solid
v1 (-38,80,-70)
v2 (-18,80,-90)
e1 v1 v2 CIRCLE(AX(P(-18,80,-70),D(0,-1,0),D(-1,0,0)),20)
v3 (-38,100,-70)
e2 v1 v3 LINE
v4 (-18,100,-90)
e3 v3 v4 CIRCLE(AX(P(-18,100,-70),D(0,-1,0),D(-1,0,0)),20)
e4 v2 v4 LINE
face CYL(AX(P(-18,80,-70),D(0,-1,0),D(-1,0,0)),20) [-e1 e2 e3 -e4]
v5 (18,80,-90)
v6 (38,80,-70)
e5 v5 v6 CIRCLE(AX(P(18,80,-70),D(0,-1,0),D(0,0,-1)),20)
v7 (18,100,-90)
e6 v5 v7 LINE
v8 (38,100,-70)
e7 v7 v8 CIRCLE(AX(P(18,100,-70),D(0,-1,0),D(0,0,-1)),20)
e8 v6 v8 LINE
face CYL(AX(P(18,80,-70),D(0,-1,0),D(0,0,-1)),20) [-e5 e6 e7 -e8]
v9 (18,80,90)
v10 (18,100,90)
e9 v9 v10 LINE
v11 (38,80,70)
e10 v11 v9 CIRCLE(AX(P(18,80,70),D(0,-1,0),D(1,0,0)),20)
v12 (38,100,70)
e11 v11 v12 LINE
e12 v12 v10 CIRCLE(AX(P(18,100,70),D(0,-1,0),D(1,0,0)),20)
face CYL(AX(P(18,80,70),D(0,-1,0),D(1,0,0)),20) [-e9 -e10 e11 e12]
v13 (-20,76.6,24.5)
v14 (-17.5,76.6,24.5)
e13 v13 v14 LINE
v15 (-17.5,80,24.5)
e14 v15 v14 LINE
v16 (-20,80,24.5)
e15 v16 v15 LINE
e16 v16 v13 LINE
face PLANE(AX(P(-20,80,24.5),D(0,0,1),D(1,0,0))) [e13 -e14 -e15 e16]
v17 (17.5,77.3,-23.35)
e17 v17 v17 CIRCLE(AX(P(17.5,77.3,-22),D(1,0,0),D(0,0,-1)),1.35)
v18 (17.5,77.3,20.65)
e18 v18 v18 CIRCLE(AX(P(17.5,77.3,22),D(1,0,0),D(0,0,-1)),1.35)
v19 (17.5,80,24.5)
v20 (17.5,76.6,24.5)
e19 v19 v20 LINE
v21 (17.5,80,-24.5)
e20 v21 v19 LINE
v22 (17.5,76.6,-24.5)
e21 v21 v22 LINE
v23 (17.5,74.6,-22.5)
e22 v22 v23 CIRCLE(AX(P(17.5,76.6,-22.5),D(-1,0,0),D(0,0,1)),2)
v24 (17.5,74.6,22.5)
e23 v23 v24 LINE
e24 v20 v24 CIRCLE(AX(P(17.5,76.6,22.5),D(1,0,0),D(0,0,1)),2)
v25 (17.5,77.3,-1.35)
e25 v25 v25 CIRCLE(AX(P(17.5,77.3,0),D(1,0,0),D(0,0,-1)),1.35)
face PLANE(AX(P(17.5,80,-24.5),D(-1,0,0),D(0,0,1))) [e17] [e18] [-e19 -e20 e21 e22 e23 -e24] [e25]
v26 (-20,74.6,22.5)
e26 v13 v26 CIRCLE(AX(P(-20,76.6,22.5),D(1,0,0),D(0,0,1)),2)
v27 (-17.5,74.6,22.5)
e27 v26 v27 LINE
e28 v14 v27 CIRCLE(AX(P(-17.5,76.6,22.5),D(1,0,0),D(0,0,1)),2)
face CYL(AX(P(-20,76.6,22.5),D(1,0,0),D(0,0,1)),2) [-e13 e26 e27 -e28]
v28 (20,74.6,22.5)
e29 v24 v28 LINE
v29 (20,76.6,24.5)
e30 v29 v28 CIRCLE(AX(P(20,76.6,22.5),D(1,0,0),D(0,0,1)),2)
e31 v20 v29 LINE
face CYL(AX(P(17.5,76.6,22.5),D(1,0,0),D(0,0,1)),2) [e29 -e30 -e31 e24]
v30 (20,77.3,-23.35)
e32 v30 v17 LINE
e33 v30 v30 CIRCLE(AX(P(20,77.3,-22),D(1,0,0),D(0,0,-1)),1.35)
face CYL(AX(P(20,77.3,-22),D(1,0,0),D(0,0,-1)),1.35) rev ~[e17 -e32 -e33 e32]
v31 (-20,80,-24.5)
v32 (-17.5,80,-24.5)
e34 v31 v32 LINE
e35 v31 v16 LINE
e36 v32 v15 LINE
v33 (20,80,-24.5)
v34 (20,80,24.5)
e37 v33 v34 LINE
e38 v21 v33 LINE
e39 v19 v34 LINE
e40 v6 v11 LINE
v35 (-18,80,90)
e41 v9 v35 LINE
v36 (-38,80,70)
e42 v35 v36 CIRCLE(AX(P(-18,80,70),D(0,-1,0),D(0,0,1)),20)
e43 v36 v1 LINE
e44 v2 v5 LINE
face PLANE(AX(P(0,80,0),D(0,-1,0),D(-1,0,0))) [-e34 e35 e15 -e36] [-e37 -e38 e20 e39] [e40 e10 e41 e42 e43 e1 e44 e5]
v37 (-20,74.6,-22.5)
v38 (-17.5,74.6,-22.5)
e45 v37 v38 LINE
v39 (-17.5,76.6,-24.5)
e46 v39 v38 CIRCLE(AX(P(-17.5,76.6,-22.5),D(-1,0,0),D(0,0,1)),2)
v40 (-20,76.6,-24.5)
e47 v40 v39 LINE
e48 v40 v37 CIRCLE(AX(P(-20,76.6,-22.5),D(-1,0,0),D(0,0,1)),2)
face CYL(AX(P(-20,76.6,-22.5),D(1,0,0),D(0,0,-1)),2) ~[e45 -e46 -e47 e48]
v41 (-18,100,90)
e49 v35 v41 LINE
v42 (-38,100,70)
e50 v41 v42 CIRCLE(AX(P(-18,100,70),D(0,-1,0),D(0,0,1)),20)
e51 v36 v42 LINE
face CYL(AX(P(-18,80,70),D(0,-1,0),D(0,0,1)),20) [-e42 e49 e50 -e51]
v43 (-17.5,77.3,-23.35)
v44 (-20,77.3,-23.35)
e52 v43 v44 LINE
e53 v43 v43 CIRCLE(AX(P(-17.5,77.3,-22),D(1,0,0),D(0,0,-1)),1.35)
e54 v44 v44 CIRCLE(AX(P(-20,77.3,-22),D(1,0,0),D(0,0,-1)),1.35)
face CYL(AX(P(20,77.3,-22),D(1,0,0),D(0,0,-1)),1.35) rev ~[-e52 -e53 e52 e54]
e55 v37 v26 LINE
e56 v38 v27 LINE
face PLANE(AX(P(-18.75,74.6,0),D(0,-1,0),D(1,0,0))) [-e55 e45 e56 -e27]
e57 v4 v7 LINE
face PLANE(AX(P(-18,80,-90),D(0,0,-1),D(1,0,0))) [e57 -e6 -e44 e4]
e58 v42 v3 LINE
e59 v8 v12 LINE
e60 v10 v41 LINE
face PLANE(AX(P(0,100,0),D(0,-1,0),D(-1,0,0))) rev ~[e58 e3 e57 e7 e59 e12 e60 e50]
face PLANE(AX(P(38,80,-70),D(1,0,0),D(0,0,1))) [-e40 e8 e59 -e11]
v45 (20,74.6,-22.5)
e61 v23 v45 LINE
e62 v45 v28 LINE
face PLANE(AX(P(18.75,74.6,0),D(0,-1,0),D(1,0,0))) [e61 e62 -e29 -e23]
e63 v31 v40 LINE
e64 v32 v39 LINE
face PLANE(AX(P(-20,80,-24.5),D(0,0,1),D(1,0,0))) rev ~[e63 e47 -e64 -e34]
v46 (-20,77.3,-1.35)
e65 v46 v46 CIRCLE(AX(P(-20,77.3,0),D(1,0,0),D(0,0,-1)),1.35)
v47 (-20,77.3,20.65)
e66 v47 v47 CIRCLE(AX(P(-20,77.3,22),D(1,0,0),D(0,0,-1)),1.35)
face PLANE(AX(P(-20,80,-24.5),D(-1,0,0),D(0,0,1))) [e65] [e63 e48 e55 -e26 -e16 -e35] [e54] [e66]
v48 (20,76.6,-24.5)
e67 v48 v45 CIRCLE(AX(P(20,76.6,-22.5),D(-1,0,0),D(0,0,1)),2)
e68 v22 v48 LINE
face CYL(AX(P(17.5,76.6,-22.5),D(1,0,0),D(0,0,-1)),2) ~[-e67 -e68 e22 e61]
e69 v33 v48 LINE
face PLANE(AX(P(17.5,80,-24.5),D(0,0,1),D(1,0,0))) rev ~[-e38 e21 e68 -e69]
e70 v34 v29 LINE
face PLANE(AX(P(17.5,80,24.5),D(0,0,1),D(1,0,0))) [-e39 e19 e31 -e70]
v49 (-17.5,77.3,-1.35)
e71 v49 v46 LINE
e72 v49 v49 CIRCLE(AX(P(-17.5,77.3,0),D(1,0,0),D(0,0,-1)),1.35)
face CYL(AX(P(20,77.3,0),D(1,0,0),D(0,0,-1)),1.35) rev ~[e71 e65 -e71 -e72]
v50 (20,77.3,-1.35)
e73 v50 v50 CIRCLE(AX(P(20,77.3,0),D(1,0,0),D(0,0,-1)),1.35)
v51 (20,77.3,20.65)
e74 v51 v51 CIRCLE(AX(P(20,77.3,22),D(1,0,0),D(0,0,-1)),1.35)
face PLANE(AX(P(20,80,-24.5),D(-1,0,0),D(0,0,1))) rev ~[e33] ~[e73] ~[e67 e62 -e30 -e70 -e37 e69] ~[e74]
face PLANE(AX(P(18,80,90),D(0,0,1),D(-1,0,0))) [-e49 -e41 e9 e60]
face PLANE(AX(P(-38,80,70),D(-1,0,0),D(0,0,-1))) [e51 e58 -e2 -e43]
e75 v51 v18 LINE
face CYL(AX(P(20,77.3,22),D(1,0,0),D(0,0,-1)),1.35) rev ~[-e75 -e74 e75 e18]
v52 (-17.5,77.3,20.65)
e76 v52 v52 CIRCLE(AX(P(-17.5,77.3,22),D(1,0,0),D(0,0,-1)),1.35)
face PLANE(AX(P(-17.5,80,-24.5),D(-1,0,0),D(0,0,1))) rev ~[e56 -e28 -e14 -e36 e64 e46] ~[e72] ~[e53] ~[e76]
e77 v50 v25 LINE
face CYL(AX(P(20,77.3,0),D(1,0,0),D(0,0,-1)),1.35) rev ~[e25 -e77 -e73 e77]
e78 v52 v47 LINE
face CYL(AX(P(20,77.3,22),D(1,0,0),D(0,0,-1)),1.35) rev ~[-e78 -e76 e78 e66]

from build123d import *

# Parameters (mm, degrees)
SKETCH1_R                = 38
BOSS_EXTRUDE1_DEPTH      = 80
SKETCH2_R                = 29
CUT_EXTRUDE1_DEPTH       = 75
BOSS_EXTRUDE2_DEPTH      = 20
ESBO_O1_W                = 76
ESBO_O1_H                = 80
CORTE_EXTRUS_O1_DEPTH    = 155.518607294
ESBO_O2_W                = 2.5
ESBO_O2_H                = 49
RESSALTO_EXTRUS_O1_DEPTH = 5.4
ESBO_O3_R                = 1.35
CORTE_EXTRUS_O2_DEPTH    = 147.505972574
FILETE1_R                = 2


with BuildPart() as part:
    # Sketch1 → Boss-Extrude1 (new body)
    with BuildSketch(Plane(origin=(0, 0, 0), x_dir=(1, 0, 0), z_dir=(0, 1, 0))):
        with Locations(Location((0, 0, 0), (0, 0, 270))):
            Circle(SKETCH1_R)
    extrude(amount=BOSS_EXTRUDE1_DEPTH)

    # Sketch2 → Cut-Extrude1 (cut)
    with BuildSketch(Plane.XZ):
        with Locations(Location((0, 0, 0), (0, 0, 270))):
            Circle(SKETCH2_R)
    extrude(amount=-CUT_EXTRUDE1_DEPTH, mode=Mode.SUBTRACT)

    # Sketch3 → Boss-Extrude2 (add)
    with BuildSketch(Plane(origin=(0, 80, 0), x_dir=(1, 0, 0), z_dir=(0, 1, 0))):
        with BuildLine():
            Line((18, -90), (-18, -90))
            ThreePointArc((-18, -90), (-32.142135624, -84.142135624), (-38, -70))
            Line((-38, -70), (-38, 70))
            ThreePointArc((-38, 70), (-32.142135624, 84.142135624), (-18, 90))
            Line((-18, 90), (18, 90))
            ThreePointArc((18, 90), (32.142135624, 84.142135624), (38, 70))
            Line((38, 70), (38, -70))
            ThreePointArc((38, -70), (32.142135624, -84.142135624), (18, -90))
        make_face()
    extrude(amount=BOSS_EXTRUDE2_DEPTH)

    # Esboço1 → Corte-extrusão1 (cut, through all)
    with BuildSketch(Plane(origin=(38, 0, 0), x_dir=(0, 0, -1), z_dir=(1, 0, 0))):
        with Locations((0, 40)):
            Rectangle(ESBO_O1_W, ESBO_O1_H)
    extrude(amount=-CORTE_EXTRUS_O1_DEPTH, mode=Mode.SUBTRACT)

    # Esboço2 → Ressalto-extrusão1 (add)
    with BuildSketch(Plane.XZ.offset(-80)):
        with Locations((18.75, 0)):
            Rectangle(ESBO_O2_W, ESBO_O2_H)
        with Locations((-18.75, 0)):
            Rectangle(ESBO_O2_W, ESBO_O2_H)
    extrude(amount=RESSALTO_EXTRUS_O1_DEPTH)

    # Esboço3 → Corte-extrusão2 (cut, through all)
    with BuildSketch(Plane(origin=(20, 0, 0), x_dir=(0, 0, -1), z_dir=(1, 0, 0))):
        with Locations((22, 77.3)):
            Circle(ESBO_O3_R)
        with Locations((0, 77.3)):
            Circle(ESBO_O3_R)
        with Locations((-22, 77.3)):
            Circle(ESBO_O3_R)
    extrude(amount=-CORTE_EXTRUS_O2_DEPTH, mode=Mode.SUBTRACT)

    # Filete1
    filete1_edges = [part.edges().sort_by_distance(p)[0] for p in [
        (18.75, 74.6, -24.5),
        (18.75, 74.6, 24.5),
        (-18.75, 74.6, -24.5),
        (-18.75, 74.6, 24.5),
    ]]
    fillet(filete1_edges, radius=FILETE1_R)


solid = part.part
